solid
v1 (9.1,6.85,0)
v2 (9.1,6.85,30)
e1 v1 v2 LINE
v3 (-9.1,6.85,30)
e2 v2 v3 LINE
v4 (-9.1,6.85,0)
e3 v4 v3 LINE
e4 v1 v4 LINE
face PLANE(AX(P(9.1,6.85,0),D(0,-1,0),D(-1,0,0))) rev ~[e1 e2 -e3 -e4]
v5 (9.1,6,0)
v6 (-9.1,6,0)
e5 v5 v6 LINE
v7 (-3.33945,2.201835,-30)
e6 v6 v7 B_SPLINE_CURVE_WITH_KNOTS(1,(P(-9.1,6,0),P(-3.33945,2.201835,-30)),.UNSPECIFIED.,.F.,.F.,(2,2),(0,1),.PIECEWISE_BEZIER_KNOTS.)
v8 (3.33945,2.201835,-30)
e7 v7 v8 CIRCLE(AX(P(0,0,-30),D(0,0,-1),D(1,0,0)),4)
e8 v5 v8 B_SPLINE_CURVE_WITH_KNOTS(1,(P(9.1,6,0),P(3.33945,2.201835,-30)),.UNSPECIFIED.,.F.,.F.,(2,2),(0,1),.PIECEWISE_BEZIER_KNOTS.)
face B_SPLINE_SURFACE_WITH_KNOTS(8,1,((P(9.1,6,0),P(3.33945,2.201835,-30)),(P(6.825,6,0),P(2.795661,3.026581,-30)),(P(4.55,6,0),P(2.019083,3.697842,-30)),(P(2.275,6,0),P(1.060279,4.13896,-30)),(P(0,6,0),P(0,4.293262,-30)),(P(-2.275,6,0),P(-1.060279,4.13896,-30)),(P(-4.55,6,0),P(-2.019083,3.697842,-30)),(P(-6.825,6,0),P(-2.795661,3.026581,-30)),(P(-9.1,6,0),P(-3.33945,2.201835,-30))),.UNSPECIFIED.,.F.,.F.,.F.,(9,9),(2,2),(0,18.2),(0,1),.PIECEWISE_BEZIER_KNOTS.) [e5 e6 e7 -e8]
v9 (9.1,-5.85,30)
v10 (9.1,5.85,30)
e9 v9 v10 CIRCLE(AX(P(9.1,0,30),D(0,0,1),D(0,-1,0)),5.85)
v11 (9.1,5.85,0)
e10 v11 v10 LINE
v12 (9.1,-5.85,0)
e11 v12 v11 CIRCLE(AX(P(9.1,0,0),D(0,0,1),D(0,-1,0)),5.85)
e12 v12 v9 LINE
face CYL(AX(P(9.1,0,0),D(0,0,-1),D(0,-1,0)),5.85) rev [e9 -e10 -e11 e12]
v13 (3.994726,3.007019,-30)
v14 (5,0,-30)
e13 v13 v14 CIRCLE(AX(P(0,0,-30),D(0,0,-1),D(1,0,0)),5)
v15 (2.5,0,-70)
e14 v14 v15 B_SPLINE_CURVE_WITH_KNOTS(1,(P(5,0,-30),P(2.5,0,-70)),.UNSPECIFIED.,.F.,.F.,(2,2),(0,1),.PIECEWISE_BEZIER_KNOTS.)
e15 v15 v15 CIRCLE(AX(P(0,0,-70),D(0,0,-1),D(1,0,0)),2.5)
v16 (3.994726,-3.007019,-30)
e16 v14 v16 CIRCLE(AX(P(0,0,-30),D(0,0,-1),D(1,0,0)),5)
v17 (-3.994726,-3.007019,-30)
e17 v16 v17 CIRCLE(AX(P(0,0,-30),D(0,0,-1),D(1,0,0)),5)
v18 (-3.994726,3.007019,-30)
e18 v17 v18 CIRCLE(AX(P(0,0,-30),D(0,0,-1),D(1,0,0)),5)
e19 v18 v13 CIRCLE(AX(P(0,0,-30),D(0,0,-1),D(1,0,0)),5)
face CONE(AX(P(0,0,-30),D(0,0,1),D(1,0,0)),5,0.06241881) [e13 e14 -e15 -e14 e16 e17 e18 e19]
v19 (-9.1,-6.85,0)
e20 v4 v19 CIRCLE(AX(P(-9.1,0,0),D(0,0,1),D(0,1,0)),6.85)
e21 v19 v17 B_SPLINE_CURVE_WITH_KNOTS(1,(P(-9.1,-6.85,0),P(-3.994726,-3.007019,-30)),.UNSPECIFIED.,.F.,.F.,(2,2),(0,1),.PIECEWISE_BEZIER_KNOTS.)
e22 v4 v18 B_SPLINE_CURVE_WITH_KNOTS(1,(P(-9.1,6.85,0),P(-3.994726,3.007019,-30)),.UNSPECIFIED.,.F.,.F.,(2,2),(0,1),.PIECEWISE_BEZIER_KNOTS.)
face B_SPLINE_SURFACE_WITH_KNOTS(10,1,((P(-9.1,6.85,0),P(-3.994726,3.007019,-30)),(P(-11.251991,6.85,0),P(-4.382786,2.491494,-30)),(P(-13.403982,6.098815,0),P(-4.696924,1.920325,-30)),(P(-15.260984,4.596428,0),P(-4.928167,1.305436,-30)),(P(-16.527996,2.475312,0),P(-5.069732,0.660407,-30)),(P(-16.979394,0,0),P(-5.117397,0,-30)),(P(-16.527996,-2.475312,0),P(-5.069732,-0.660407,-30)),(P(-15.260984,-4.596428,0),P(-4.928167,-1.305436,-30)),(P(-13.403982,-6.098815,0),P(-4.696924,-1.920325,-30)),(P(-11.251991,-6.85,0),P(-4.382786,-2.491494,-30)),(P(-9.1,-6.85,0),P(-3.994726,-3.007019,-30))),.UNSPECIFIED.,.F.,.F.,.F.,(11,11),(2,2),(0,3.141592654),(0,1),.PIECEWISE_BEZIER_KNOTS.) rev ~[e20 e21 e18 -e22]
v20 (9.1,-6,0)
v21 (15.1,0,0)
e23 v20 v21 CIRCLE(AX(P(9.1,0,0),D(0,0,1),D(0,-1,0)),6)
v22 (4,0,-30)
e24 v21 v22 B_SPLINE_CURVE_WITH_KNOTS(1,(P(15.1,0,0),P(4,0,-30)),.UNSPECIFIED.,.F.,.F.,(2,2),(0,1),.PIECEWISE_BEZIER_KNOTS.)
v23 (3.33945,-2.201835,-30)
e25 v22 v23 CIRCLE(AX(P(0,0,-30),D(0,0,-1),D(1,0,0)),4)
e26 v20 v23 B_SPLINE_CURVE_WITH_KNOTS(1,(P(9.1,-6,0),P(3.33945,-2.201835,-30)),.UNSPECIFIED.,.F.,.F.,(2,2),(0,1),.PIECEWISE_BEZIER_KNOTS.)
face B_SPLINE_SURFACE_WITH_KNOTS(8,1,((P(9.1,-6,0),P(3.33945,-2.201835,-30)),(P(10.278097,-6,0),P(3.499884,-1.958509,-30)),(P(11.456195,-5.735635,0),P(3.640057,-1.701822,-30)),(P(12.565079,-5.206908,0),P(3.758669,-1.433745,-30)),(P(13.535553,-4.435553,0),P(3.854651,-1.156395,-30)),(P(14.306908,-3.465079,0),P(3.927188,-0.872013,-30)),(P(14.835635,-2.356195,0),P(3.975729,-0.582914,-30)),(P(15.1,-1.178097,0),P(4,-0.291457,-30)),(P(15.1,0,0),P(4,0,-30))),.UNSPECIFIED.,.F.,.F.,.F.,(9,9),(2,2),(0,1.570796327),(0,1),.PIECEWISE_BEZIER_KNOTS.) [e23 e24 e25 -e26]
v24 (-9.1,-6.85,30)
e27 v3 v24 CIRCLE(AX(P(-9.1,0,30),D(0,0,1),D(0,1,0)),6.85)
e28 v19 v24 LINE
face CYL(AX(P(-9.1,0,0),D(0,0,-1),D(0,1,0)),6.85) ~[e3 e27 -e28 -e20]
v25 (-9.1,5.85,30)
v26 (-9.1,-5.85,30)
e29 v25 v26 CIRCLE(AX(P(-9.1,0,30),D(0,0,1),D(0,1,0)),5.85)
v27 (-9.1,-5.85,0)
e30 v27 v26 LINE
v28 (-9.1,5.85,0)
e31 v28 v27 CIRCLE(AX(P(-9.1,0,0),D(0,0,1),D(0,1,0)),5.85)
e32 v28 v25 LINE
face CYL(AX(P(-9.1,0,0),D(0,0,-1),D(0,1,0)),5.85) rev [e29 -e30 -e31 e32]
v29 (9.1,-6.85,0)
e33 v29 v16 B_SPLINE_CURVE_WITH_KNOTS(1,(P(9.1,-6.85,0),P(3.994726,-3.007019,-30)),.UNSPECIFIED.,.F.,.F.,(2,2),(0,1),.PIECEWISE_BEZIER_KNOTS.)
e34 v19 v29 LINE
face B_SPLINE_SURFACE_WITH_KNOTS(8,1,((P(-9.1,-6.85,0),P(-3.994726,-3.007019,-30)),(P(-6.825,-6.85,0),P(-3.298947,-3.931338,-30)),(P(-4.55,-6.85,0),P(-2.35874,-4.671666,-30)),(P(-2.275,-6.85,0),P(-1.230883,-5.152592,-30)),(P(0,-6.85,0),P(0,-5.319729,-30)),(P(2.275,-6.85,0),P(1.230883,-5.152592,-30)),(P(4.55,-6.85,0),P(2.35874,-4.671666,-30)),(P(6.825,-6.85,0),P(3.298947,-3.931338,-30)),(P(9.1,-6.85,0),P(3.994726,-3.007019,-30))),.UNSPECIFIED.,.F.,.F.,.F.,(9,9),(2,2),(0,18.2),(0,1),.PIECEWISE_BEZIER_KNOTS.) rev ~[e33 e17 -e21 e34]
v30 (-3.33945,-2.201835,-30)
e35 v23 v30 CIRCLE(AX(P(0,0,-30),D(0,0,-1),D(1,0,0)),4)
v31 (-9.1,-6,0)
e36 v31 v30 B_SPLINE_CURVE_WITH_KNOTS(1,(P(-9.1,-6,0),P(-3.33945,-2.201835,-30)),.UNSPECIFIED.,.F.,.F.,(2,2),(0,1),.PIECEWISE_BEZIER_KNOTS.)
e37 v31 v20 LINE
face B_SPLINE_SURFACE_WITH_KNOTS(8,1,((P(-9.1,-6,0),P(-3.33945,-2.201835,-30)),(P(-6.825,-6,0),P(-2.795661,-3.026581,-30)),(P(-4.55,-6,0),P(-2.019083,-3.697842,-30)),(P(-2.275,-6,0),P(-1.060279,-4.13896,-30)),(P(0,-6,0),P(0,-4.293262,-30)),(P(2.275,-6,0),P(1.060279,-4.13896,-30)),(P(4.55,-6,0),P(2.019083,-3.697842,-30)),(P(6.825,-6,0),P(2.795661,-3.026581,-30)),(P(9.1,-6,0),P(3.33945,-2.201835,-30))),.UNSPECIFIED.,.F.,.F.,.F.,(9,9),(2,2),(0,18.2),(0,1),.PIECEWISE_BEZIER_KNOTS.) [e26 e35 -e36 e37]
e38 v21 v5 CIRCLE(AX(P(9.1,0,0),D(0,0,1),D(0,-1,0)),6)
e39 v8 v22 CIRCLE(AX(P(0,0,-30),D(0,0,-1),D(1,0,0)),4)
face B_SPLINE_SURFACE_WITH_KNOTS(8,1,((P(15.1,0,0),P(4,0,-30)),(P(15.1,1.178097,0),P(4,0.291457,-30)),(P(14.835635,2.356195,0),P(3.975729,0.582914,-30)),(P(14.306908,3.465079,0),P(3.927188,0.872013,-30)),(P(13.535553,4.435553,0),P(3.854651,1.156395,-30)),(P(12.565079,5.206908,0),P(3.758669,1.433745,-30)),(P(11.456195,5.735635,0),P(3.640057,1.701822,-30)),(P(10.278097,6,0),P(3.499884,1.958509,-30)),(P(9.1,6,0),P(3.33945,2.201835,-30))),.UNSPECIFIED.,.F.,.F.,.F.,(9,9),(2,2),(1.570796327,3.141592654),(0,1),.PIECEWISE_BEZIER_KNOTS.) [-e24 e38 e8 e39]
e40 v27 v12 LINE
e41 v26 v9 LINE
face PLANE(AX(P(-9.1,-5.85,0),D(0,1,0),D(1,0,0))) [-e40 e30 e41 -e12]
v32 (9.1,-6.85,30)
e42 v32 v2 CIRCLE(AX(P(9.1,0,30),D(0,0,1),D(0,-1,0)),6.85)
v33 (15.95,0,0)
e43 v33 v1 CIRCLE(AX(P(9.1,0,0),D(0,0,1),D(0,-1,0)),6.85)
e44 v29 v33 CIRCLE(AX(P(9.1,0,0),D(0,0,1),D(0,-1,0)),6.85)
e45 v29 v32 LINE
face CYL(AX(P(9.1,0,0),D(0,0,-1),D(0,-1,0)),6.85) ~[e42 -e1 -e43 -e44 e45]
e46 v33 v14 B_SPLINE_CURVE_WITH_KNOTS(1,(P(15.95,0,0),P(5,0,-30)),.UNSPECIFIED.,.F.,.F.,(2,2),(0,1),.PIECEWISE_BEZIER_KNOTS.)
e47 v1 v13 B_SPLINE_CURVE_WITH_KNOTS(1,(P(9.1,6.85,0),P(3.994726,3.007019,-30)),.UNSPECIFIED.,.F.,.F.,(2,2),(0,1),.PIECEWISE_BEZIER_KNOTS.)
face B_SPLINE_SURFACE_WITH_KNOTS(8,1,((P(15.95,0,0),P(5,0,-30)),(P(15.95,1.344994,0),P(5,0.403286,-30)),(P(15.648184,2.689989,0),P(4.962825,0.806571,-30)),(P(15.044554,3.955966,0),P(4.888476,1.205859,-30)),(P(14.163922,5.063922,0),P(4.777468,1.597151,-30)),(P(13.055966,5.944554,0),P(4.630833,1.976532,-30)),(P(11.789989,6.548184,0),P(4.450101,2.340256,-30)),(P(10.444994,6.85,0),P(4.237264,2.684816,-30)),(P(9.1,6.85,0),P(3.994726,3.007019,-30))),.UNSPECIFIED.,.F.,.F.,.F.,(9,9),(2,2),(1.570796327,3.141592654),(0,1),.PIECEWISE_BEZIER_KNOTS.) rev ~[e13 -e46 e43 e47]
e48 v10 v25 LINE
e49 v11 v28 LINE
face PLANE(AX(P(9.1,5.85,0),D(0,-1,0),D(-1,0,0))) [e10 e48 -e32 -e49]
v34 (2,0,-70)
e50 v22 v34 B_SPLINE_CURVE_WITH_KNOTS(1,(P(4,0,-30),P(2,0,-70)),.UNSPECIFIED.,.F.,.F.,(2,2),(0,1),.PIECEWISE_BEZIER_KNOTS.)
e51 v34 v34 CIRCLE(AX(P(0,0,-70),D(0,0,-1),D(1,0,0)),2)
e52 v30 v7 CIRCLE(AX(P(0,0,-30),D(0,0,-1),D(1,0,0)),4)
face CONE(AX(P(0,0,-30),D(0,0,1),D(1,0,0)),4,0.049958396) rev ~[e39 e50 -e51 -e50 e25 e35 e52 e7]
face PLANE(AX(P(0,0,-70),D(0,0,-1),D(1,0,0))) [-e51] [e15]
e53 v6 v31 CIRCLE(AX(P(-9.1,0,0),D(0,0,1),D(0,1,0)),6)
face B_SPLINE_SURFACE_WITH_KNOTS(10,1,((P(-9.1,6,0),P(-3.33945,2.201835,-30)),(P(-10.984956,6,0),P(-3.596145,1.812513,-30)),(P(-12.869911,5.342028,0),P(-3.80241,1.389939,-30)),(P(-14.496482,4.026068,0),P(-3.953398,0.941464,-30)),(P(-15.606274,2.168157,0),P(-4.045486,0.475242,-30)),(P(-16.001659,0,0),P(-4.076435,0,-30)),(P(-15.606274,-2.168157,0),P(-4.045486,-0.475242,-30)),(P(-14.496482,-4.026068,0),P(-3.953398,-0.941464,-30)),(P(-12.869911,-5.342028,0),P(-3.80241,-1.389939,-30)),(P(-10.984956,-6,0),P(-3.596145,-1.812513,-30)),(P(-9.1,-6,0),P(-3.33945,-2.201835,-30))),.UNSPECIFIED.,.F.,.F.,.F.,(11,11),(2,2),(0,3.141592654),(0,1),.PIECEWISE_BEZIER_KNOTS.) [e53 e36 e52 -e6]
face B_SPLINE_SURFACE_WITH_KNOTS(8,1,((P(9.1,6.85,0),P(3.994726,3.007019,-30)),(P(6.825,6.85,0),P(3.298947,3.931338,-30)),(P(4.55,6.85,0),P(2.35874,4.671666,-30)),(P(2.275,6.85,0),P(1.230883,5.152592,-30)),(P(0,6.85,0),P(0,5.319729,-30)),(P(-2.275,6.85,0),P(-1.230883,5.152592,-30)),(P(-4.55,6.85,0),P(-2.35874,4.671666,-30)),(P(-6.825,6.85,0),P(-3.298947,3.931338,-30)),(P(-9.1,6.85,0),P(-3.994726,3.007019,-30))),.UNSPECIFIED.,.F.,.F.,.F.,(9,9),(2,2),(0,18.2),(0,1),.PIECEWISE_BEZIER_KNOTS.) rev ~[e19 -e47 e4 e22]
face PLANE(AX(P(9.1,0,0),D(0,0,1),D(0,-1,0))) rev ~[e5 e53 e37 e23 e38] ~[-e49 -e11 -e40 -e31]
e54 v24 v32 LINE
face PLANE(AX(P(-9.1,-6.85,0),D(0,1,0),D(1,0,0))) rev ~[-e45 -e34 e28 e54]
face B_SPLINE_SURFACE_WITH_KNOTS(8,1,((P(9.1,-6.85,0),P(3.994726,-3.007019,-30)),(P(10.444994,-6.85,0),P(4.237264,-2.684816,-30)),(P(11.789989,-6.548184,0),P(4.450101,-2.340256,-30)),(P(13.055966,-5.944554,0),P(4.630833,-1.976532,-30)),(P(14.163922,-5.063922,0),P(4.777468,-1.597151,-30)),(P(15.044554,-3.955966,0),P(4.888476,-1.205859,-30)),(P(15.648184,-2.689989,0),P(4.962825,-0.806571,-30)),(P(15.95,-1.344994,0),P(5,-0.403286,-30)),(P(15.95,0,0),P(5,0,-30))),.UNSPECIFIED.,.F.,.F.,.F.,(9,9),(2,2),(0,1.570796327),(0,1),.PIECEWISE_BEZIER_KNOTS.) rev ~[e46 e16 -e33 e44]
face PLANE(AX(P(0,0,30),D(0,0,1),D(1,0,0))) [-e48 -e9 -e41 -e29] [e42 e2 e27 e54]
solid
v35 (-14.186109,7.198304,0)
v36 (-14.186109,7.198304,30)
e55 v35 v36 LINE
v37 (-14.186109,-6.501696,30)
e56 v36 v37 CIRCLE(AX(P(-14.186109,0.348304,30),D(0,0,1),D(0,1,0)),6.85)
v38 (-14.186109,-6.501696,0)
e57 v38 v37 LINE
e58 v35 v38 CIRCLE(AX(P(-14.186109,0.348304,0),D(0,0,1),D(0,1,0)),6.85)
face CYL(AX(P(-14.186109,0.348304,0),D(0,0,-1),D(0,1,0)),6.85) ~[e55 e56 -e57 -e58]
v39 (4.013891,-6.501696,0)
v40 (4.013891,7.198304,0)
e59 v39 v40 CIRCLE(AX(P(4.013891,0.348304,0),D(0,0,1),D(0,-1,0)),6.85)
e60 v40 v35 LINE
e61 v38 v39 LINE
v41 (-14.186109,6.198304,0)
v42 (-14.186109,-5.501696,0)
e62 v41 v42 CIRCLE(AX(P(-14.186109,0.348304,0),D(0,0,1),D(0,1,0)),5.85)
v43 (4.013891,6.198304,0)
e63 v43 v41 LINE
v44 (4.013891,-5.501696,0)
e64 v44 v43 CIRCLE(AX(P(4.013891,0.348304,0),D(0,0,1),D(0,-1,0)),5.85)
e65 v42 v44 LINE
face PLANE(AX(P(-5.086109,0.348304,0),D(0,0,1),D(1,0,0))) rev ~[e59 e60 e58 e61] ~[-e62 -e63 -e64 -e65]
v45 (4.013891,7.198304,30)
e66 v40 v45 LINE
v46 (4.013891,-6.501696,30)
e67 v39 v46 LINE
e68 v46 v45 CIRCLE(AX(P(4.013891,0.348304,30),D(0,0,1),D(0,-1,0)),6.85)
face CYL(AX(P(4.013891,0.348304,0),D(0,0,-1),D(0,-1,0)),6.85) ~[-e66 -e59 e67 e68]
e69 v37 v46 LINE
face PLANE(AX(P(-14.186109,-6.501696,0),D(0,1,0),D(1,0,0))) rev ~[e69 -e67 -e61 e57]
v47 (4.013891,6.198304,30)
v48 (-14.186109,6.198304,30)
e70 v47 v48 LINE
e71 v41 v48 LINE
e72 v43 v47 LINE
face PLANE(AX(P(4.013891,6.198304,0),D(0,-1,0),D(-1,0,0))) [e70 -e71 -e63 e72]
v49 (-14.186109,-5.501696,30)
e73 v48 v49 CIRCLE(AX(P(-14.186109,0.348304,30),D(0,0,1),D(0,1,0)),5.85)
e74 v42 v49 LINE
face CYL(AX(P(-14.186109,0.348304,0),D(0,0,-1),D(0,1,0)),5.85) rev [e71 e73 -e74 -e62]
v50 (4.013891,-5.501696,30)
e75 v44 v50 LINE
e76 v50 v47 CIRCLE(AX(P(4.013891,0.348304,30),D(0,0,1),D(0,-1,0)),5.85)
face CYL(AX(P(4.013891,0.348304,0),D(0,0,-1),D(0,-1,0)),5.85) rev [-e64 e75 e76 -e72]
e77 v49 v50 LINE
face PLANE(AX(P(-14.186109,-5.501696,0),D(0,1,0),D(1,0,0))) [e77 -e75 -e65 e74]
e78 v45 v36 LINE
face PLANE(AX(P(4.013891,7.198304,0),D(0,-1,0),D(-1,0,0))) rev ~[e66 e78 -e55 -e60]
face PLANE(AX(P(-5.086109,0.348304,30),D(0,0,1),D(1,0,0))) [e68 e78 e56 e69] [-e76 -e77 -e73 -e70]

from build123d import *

# Parameters (mm, degrees)
PAD_DEPTH      = 30
THICKNESS_T    = -1
PAD001_DEPTH   = 30
THICKNESS001_T = -1
SKETCH006_R    = 5
SKETCH007_R    = 4
SKETCH010_R    = 5
SKETCH008_R    = 2.5
SKETCH011_R    = 4
SKETCH009_R    = 2


with BuildPart() as body:
    # Sketch001 → Pad (new body)
    with BuildSketch(Plane.XY):
        with BuildLine():
            Line((-14.186109, -6.501696), (4.013891, -6.501696))
            ThreePointArc((4.013891, -6.501696), (10.863891, 0.348304), (4.013891, 7.198304))
            Line((4.013891, 7.198304), (-14.186109, 7.198304))
            ThreePointArc((-14.186109, 7.198304), (-21.036109, 0.348304), (-14.186109, -6.501696))
        make_face()
    extrude(amount=PAD_DEPTH)

    # Thickness
    thickness_openings = [body.faces().sort_by_distance(p)[0] for p in [
        (-5.086109, 0.348304, 30),
        (-5.086109, 0.348304, 0),
    ]]
    offset(amount=THICKNESS_T, openings=thickness_openings)


with BuildPart() as body001:
    # Sketch → Pad001 (new body)
    with BuildSketch(Plane.XY):
        with BuildLine():
            Line((-9.1, -6.85), (9.1, -6.85))
            ThreePointArc((9.1, -6.85), (15.95, 0), (9.1, 6.85))
            Line((9.1, 6.85), (-9.1, 6.85))
            ThreePointArc((-9.1, 6.85), (-15.95, 0), (-9.1, -6.85))
        make_face()
    extrude(amount=PAD001_DEPTH)

    # Thickness001
    thickness001_openings = [body001.faces().sort_by_distance(p)[0] for p in [
        (0, 0, 30),
        (0, 0, 0),
    ]]
    offset(amount=THICKNESS001_T, openings=thickness001_openings)

    # Sketch004 → AdditiveLoft section 0
    with BuildSketch(Plane.XY):
        with BuildLine():
            Line((-9.1, -6.85), (9.1, -6.85))
            ThreePointArc((9.1, -6.85), (15.95, 0), (9.1, 6.85))
            Line((9.1, 6.85), (-9.1, 6.85))
            ThreePointArc((-9.1, 6.85), (-15.95, 0), (-9.1, -6.85))
        make_face()
    # Sketch006 (on DatumPlane) → AdditiveLoft section 1
    with BuildSketch(Plane(origin=(0, 0, -30), x_dir=(1, 0, 0), z_dir=(0, 0, -1))):
        Circle(SKETCH006_R)
    loft()

    # Sketch005 → SubtractiveLoft section 0
    with BuildSketch(Plane.XY):
        with BuildLine():
            Line((-9.1, -6), (9.1, -6))
            ThreePointArc((9.1, -6), (15.1, 0), (9.1, 6))
            Line((9.1, 6), (-9.1, 6))
            ThreePointArc((-9.1, 6), (-15.1, 0), (-9.1, -6))
        make_face()
    # Sketch007 (on DatumPlane) → SubtractiveLoft section 1
    with BuildSketch(Plane(origin=(0, 0, -30), x_dir=(1, 0, 0), z_dir=(0, 0, -1))):
        Circle(SKETCH007_R)
    loft(mode=Mode.SUBTRACT)

    # Sketch010 (on DatumPlane) → AdditiveLoft001 section 0
    with BuildSketch(Plane(origin=(0, 0, -30), x_dir=(1, 0, 0), z_dir=(0, 0, -1))):
        Circle(SKETCH010_R)
    # Sketch008 (on DatumPlane) → AdditiveLoft001 section 1
    with BuildSketch(Plane(origin=(0, 0, -70), x_dir=(1, 0, 0), z_dir=(0, 0, -1))):
        Circle(SKETCH008_R)
    loft()

    # Sketch011 (on DatumPlane) → SubtractiveLoft001 section 0
    with BuildSketch(Plane(origin=(0, 0, -30), x_dir=(1, 0, 0), z_dir=(0, 0, -1))):
        Circle(SKETCH011_R)
    # Sketch009 (on DatumPlane) → SubtractiveLoft001 section 1
    with BuildSketch(Plane(origin=(0, 0, -70), x_dir=(1, 0, 0), z_dir=(0, 0, -1))):
        Circle(SKETCH009_R)
    loft(mode=Mode.SUBTRACT)


solid = Compound([body.part, body001.part])
